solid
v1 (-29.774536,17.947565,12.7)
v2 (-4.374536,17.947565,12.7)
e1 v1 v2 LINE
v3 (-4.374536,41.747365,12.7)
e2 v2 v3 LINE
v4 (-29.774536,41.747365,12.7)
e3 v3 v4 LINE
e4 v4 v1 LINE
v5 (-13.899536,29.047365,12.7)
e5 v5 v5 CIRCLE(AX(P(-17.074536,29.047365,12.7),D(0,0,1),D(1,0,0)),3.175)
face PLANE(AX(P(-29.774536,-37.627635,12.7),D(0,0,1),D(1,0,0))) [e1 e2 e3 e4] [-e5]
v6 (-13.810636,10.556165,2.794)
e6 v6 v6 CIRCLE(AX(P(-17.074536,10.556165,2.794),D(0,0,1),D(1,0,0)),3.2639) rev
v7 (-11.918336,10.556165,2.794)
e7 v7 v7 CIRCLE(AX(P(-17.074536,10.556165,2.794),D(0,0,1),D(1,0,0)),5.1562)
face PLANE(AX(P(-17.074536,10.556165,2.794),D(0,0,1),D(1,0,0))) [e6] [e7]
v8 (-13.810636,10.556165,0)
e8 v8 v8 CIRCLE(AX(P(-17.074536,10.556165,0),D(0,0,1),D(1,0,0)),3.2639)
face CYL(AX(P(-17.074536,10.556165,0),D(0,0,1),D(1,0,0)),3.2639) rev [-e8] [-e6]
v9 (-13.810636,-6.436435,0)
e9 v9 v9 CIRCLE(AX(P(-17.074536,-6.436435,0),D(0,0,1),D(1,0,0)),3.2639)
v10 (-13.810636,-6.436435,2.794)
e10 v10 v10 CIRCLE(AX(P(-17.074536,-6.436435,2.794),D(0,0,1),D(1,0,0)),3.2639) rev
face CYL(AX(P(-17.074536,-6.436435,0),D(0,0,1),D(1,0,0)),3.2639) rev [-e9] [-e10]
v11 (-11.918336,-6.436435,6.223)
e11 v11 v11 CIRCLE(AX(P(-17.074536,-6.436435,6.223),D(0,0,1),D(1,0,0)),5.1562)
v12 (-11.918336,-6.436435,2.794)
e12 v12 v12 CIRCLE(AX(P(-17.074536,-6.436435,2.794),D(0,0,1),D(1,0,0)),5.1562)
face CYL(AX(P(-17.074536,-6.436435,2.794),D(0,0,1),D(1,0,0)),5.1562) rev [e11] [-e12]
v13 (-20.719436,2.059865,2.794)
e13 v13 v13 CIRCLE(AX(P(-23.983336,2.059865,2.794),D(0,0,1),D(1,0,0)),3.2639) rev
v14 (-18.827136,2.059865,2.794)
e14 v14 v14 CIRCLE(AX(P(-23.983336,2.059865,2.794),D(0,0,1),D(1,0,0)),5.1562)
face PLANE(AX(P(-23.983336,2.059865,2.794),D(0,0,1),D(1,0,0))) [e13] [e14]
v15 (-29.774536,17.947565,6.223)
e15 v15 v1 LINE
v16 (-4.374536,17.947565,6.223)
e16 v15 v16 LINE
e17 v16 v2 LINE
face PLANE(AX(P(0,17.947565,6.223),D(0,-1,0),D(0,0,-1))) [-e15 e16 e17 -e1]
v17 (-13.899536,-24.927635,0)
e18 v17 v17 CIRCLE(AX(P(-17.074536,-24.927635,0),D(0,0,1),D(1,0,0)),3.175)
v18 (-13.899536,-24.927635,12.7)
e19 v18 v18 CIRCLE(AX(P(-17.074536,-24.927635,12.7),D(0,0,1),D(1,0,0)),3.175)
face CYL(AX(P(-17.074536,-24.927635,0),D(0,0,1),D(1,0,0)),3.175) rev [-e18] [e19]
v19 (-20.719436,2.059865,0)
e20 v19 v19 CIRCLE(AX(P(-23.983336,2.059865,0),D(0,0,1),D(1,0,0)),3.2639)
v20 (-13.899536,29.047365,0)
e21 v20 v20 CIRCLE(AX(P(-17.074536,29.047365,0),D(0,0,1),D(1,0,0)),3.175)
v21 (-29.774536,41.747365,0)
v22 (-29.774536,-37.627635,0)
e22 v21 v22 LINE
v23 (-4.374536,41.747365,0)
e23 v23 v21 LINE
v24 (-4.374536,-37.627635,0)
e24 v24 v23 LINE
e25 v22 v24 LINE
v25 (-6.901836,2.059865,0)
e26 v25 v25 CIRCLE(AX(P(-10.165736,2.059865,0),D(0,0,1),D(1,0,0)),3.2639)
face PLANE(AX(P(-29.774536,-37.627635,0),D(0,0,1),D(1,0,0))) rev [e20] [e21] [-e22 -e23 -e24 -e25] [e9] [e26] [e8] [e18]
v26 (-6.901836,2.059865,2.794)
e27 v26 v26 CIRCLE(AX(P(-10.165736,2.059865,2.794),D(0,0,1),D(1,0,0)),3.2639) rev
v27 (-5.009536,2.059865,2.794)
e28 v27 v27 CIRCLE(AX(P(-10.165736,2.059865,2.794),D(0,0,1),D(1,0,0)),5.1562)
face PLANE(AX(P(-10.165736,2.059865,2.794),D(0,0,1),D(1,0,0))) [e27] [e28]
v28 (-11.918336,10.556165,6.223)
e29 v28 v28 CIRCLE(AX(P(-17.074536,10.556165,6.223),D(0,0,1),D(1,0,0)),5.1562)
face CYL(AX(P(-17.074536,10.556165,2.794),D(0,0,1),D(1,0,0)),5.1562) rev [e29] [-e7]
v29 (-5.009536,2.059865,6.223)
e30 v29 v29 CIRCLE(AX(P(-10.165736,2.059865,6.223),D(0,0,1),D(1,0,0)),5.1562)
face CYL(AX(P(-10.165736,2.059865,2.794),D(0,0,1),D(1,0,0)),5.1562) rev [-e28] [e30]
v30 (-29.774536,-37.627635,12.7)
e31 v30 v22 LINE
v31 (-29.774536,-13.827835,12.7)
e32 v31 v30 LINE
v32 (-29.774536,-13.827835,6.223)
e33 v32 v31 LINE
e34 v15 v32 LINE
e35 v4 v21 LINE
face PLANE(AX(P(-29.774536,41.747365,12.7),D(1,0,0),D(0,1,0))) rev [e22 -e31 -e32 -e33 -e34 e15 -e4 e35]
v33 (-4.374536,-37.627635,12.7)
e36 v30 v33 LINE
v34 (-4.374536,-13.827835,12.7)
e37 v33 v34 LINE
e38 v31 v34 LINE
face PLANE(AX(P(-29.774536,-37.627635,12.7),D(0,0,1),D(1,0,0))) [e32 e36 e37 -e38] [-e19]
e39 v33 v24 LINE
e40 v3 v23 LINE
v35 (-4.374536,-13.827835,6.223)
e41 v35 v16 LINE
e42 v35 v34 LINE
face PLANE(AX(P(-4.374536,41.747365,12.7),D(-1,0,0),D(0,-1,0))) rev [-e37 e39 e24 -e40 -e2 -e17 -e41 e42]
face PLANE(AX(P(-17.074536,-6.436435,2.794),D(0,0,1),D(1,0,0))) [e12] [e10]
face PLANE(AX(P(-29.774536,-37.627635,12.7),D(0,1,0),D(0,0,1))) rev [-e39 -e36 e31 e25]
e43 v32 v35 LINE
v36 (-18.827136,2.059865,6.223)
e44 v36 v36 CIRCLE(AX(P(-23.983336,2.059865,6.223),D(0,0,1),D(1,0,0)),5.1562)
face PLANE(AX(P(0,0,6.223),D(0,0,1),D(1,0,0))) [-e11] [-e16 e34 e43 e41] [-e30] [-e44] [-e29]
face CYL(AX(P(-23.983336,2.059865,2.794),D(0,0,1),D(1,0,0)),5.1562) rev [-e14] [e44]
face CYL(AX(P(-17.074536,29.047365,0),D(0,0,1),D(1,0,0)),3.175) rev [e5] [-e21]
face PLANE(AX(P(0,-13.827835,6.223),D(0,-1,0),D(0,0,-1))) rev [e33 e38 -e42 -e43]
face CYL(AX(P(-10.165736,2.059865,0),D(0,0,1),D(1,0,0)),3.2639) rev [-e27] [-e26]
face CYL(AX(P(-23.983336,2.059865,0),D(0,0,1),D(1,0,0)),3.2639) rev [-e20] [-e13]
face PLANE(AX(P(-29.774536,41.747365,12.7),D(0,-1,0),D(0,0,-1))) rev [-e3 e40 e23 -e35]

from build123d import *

# Parameters (mm, degrees)
SKETCH1_W          = 25.4
SKETCH1_H          = 79.375
EXTRUDE1_DEPTH     = 12.7
SKETCH2_W          = 25.4
SKETCH2_H          = 31.7754
CUT_EXTRUDE1_DEPTH = 6.477
SKETCH3_R          = 3.175
CUT_EXTRUDE2_DEPTH = 13.7
SKETCH4_R          = 5.1562
CUT_EXTRUDE3_DEPTH = 3.429


with BuildPart() as part:
    # Sketch1 → Extrude1 (new body)
    with BuildSketch(Plane.XY):
        with Locations((-17.074536082, 2.059865407)):
            Rectangle(SKETCH1_W, SKETCH1_H)
    extrude(amount=EXTRUDE1_DEPTH)

    # Sketch2 → Cut-Extrude1 (cut)
    with BuildSketch(Plane.XY.offset(12.7)):
        with Locations((-17.074536082, 2.059865407)):
            Rectangle(SKETCH2_W, SKETCH2_H)
    extrude(amount=-CUT_EXTRUDE1_DEPTH, mode=Mode.SUBTRACT)

    # Sketch3 → Cut-Extrude2 (cut, through all)
    with BuildSketch(Plane.XY.offset(12.7)):
        with BuildLine():
            ThreePointArc((-13.810636082, 10.556165407), (-17.074536082, 13.820065407), (-20.338436082, 10.556165407))
            Line((-20.338436082, 10.556165407), (-13.810636082, 10.556165407))
        make_face()
        with BuildLine():
            Line((-13.810636082, 10.556165407), (-20.338436082, 10.556165407))
            ThreePointArc((-20.338436082, 10.556165407), (-17.074536082, 7.292265407), (-13.810636082, 10.556165407))
        make_face()
        with BuildLine():
            ThreePointArc((-23.983336082, 5.323765407), (-26.291261906, 4.36779123), (-27.247236082, 2.059865407))
            Line((-27.247236082, 2.059865407), (-23.983336082, 2.059865407))
            Line((-23.983336082, 2.059865407), (-23.983336082, 5.323765407))
        make_face()
        with BuildLine():
            Line((-23.983336082, 2.059865407), (-27.247236082, 2.059865407))
            ThreePointArc((-27.247236082, 2.059865407), (-26.291261906, -0.248060416), (-23.983336082, -1.204034593))
            Line((-23.983336082, -1.204034593), (-23.983336082, 2.059865407))
        make_face()
        with BuildLine():
            Line((-23.983336082, 5.323765407), (-23.983336082, 2.059865407))
            Line((-23.983336082, 2.059865407), (-20.719436082, 2.059865407))
            ThreePointArc((-20.719436082, 2.059865407), (-21.675410259, 4.36779123), (-23.983336082, 5.323765407))
        make_face()
        with BuildLine():
            Line((-20.719436082, 2.059865407), (-23.983336082, 2.059865407))
            Line((-23.983336082, 2.059865407), (-23.983336082, -1.204034593))
            ThreePointArc((-23.983336082, -1.204034593), (-21.675410259, -0.248060416), (-20.719436082, 2.059865407))
        make_face()
        with BuildLine():
            ThreePointArc((-10.165736082, 5.323765407), (-12.473661906, 4.36779123), (-13.429636082, 2.059865407))
            Line((-13.429636082, 2.059865407), (-10.165736082, 2.059865407))
            Line((-10.165736082, 2.059865407), (-10.165736082, 5.323765407))
        make_face()
        with BuildLine():
            Line((-10.165736082, 2.059865407), (-13.429636082, 2.059865407))
            ThreePointArc((-13.429636082, 2.059865407), (-12.473661906, -0.248060416), (-10.165736082, -1.204034593))
            Line((-10.165736082, -1.204034593), (-10.165736082, 2.059865407))
        make_face()
        with BuildLine():
            Line((-10.165736082, 5.323765407), (-10.165736082, 2.059865407))
            Line((-10.165736082, 2.059865407), (-6.901836082, 2.059865407))
            ThreePointArc((-6.901836082, 2.059865407), (-7.857810259, 4.36779123), (-10.165736082, 5.323765407))
        make_face()
        with BuildLine():
            Line((-6.901836082, 2.059865407), (-10.165736082, 2.059865407))
            Line((-10.165736082, 2.059865407), (-10.165736082, -1.204034593))
            ThreePointArc((-10.165736082, -1.204034593), (-7.857810259, -0.248060416), (-6.901836082, 2.059865407))
        make_face()
        with BuildLine():
            ThreePointArc((-13.810636082, -6.436434593), (-17.074536082, -3.172534593), (-20.338436082, -6.436434593))
            Line((-20.338436082, -6.436434593), (-13.810636082, -6.436434593))
        make_face()
        with BuildLine():
            Line((-13.810636082, -6.436434593), (-20.338436082, -6.436434593))
            ThreePointArc((-20.338436082, -6.436434593), (-17.074536082, -9.700334593), (-13.810636082, -6.436434593))
        make_face()
        with Locations((-17.074536082, -24.927634593)):
            Circle(SKETCH3_R)
        with Locations((-17.074536082, 29.047365407)):
            Circle(SKETCH3_R)
    extrude(amount=-CUT_EXTRUDE2_DEPTH, mode=Mode.SUBTRACT)

    # Sketch4 → Cut-Extrude3 (cut)
    with BuildSketch(Plane.XY.offset(6.223)):
        with Locations((-17.074536082, 10.556165407)):
            Circle(SKETCH4_R)
        with Locations((-10.165736082, 2.059865407)):
            Circle(SKETCH4_R)
        with Locations((-17.074536082, -6.436434593)):
            Circle(SKETCH4_R)
        with Locations((-23.983336082, 2.059865407)):
            Circle(SKETCH4_R)
    extrude(amount=-CUT_EXTRUDE3_DEPTH, mode=Mode.SUBTRACT)


solid = part.part
